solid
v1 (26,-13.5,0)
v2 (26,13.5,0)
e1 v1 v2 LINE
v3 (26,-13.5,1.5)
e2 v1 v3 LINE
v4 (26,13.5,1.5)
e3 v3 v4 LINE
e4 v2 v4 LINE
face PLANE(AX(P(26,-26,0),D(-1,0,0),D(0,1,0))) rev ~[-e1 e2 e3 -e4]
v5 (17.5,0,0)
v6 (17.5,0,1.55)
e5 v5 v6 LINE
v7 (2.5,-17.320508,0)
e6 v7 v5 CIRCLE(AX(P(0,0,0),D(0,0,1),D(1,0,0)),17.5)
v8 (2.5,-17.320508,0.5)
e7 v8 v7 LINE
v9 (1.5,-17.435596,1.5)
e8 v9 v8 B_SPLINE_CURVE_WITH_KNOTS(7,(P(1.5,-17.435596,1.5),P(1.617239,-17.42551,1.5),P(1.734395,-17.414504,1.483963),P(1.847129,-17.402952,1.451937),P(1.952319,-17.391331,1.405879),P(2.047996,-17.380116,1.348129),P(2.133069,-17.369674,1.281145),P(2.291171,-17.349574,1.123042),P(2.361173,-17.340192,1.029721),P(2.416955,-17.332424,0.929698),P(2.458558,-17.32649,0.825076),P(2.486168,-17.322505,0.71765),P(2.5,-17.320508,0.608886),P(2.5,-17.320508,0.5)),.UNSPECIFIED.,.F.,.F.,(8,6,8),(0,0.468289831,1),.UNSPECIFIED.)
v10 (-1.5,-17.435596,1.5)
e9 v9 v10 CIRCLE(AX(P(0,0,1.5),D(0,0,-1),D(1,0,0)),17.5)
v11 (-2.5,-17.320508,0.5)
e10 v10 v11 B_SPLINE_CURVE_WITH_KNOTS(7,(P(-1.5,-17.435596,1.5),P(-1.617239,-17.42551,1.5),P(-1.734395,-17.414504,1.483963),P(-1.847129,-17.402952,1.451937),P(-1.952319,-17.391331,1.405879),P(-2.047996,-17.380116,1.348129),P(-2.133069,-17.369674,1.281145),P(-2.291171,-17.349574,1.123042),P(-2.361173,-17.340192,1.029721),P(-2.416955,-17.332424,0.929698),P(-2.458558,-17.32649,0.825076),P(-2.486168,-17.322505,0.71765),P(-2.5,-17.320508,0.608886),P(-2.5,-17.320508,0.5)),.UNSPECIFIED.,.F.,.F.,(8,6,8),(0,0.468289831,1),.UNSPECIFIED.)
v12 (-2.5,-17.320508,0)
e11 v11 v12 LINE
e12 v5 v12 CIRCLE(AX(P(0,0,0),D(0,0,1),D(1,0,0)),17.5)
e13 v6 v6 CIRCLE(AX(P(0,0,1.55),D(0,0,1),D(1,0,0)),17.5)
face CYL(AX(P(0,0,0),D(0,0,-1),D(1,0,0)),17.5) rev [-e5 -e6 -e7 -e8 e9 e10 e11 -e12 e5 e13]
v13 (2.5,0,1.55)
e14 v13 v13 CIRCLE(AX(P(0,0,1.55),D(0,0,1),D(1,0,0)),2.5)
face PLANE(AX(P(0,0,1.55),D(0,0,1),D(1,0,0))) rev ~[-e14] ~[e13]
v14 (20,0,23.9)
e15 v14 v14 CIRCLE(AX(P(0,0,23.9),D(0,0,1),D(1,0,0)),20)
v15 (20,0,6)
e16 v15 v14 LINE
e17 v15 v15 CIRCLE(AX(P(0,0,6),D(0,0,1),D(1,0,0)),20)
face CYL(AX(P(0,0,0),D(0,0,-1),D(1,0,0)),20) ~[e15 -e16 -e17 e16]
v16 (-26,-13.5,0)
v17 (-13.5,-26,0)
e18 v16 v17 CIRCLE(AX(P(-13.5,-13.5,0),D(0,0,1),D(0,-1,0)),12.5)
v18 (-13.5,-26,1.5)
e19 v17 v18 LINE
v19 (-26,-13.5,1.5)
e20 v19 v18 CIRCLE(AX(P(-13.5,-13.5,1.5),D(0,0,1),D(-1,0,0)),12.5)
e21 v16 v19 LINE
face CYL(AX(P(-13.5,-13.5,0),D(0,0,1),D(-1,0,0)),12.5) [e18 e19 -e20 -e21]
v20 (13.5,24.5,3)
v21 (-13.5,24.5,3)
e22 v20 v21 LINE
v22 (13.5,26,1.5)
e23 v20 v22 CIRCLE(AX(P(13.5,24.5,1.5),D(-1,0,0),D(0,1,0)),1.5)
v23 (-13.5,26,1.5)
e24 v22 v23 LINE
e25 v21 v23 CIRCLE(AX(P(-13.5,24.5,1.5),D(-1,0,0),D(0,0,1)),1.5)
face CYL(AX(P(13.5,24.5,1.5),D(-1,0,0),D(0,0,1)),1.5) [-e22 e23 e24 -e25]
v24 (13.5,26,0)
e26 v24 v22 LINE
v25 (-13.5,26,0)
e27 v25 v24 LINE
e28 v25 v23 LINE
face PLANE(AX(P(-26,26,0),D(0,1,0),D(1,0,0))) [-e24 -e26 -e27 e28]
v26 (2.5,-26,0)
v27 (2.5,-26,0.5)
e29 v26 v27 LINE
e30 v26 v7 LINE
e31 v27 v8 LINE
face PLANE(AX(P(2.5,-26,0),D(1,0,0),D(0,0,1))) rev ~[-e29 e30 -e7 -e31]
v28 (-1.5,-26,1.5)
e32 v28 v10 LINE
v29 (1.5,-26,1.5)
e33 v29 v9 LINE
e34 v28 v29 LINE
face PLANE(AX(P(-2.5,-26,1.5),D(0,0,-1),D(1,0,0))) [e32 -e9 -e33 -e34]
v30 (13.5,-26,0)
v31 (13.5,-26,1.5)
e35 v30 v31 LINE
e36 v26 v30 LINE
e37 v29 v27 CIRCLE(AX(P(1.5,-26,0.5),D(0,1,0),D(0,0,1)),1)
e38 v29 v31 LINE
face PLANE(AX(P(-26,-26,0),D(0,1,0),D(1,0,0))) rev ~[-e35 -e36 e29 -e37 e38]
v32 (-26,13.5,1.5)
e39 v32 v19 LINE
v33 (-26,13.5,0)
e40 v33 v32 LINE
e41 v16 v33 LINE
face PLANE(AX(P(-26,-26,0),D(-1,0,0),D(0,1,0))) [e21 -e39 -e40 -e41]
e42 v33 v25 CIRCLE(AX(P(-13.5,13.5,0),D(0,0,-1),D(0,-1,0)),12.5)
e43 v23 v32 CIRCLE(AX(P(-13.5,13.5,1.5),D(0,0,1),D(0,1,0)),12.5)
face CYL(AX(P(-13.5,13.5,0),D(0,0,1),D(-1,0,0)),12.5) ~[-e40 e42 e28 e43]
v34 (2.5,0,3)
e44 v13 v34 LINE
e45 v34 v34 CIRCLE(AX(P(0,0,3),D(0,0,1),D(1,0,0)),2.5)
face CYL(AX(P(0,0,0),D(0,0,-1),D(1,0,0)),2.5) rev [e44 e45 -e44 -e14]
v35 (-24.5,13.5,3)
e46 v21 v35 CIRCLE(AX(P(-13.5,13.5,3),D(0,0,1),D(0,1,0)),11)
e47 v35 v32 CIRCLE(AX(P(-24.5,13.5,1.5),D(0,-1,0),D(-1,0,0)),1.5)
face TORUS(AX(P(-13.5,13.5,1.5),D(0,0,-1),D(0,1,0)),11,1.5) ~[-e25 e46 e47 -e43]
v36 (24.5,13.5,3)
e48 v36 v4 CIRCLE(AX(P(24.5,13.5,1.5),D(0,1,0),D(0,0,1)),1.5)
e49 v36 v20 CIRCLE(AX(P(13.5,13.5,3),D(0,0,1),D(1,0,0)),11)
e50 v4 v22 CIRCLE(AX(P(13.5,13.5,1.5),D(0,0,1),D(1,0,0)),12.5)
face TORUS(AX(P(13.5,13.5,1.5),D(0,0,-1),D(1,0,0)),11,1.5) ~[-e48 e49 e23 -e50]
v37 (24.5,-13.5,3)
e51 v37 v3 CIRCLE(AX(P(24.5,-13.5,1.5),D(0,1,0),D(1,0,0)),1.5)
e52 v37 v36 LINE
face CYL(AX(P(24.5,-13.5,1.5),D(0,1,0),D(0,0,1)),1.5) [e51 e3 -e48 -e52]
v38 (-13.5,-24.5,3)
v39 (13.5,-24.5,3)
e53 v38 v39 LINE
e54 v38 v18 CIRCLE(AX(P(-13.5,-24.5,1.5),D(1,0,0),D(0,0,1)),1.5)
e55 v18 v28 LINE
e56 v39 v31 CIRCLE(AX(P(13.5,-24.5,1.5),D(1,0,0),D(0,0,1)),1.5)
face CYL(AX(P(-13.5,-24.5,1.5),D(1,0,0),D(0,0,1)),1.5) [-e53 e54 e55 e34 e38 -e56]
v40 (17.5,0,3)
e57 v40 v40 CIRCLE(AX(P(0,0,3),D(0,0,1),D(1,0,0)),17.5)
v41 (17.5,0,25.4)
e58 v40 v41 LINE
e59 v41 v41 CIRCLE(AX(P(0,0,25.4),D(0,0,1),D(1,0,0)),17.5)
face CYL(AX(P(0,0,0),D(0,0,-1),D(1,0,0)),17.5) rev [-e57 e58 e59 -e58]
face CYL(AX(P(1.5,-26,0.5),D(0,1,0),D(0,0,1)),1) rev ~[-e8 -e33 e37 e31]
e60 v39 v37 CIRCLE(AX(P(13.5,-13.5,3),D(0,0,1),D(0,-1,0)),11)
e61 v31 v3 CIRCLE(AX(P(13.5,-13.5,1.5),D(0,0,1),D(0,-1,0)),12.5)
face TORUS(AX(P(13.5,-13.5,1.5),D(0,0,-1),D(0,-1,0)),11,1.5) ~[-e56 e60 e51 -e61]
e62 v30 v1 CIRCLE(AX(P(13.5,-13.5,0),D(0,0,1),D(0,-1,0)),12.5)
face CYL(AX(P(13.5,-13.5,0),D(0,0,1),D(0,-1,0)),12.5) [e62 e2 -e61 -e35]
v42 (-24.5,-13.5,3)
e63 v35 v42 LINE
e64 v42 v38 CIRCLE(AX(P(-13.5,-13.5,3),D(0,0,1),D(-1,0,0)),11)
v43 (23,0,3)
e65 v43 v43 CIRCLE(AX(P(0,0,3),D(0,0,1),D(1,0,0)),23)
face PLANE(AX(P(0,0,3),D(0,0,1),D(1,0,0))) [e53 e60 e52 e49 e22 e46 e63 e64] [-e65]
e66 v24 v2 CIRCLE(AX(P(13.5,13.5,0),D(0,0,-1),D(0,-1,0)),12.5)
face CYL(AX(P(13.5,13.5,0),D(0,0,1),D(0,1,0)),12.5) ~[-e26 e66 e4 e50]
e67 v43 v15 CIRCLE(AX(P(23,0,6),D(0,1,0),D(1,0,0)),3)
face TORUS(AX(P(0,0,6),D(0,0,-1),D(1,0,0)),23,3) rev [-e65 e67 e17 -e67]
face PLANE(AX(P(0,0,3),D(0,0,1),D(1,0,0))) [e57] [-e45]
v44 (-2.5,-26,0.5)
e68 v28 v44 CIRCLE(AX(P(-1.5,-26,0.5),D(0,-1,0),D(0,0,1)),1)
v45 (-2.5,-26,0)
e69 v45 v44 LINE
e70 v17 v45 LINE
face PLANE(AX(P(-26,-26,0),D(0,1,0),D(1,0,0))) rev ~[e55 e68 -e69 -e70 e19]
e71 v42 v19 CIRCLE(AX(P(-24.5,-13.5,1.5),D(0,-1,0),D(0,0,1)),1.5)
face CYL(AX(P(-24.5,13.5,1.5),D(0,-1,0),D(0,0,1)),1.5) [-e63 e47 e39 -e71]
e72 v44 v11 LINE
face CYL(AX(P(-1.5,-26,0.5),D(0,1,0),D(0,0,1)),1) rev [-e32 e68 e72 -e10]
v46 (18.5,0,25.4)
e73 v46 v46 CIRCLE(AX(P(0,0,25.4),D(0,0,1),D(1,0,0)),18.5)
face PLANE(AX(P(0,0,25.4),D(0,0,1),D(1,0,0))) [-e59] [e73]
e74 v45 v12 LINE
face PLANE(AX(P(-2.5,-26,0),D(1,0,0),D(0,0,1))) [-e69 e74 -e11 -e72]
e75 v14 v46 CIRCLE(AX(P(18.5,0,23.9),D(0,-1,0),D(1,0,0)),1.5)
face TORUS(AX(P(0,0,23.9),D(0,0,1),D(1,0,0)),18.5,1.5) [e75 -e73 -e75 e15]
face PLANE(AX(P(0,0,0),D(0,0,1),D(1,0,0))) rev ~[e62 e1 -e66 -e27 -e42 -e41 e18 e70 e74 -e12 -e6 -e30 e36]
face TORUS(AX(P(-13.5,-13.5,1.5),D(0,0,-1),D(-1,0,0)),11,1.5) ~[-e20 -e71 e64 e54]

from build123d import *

# Parameters (mm, degrees)
F0_W     = 52
F0_H     = 52
F0_R     = 20
F1_DEPTH = 3
F0_R_2   = 17.5
F0_R_3   = 2.5
F2_DEPTH = 25.4
F3_DEPTH = 1.55
F4_R     = 12.5
F5_R     = 1.5
F6_R     = 3
F7_W     = 5
F7_H     = 1.5
F8_DEPTH = 25.4
F9_R     = 1


with BuildPart() as f1:
    # F0 (on Top) → F1 (new body)
    with BuildSketch(Plane.XY):
        Rectangle(F0_W, F0_H)
        Circle(F0_R, mode=Mode.SUBTRACT)
    extrude(amount=F1_DEPTH)



with BuildPart() as f1b:
    # F0 (on Top) → F1, piece 2 (new body)
    with BuildSketch(Plane.XY):
        Circle(F0_R_2)
        Circle(F0_R_3, mode=Mode.SUBTRACT)
    extrude(amount=F1_DEPTH)


with BuildPart() as f1_1:
    add(f1.part)

    add(f1b.part)  # F2 merges F1b
    # F0 (on Top) → F2 (join)
    with BuildSketch(Plane.XY):
        Circle(F0_R)
        Circle(F0_R_2, mode=Mode.SUBTRACT)
    extrude(amount=F2_DEPTH)

    # F0 (on Top) → F3 (cut)
    with BuildSketch(Plane.XY):
        Circle(F0_R_2)
        Circle(F0_R_3, mode=Mode.SUBTRACT)
    extrude(amount=F3_DEPTH, mode=Mode.SUBTRACT)

    # F4
    f4_edges = [f1_1.edges().sort_by_distance(p)[0] for p in [
        (-26, 26, 1.5),
        (26, 26, 1.5),
        (26, -26, 1.5),
        (-26, -26, 1.5),
    ]]
    fillet(f4_edges, radius=F4_R)

    # F5
    f5_edges = [f1_1.edges().sort_by_distance(p)[0] for p in [
        (-20, 0, 25.4),
        (0, -26, 3),
    ]]
    fillet(f5_edges, radius=F5_R)

    # F6
    f6_edges = [f1_1.edges().sort_by_distance(p)[0] for p in [
        (-20, 0, 3),
    ]]
    fillet(f6_edges, radius=F6_R)

    # F7 (on face) → F8 (cut)
    with BuildSketch(Plane.XZ.offset(26)):
        with Locations((0, 0.75)):
            Rectangle(F7_W, F7_H)
    extrude(amount=-F8_DEPTH, mode=Mode.SUBTRACT)

    # F9
    f9_edges = [f1_1.edges().sort_by_distance(p)[0] for p in [
        (-2.5, -21.660254, 1.5),
        (2.5, -21.660254, 1.5),
    ]]
    fillet(f9_edges, radius=F9_R)


solid = f1_1.part
